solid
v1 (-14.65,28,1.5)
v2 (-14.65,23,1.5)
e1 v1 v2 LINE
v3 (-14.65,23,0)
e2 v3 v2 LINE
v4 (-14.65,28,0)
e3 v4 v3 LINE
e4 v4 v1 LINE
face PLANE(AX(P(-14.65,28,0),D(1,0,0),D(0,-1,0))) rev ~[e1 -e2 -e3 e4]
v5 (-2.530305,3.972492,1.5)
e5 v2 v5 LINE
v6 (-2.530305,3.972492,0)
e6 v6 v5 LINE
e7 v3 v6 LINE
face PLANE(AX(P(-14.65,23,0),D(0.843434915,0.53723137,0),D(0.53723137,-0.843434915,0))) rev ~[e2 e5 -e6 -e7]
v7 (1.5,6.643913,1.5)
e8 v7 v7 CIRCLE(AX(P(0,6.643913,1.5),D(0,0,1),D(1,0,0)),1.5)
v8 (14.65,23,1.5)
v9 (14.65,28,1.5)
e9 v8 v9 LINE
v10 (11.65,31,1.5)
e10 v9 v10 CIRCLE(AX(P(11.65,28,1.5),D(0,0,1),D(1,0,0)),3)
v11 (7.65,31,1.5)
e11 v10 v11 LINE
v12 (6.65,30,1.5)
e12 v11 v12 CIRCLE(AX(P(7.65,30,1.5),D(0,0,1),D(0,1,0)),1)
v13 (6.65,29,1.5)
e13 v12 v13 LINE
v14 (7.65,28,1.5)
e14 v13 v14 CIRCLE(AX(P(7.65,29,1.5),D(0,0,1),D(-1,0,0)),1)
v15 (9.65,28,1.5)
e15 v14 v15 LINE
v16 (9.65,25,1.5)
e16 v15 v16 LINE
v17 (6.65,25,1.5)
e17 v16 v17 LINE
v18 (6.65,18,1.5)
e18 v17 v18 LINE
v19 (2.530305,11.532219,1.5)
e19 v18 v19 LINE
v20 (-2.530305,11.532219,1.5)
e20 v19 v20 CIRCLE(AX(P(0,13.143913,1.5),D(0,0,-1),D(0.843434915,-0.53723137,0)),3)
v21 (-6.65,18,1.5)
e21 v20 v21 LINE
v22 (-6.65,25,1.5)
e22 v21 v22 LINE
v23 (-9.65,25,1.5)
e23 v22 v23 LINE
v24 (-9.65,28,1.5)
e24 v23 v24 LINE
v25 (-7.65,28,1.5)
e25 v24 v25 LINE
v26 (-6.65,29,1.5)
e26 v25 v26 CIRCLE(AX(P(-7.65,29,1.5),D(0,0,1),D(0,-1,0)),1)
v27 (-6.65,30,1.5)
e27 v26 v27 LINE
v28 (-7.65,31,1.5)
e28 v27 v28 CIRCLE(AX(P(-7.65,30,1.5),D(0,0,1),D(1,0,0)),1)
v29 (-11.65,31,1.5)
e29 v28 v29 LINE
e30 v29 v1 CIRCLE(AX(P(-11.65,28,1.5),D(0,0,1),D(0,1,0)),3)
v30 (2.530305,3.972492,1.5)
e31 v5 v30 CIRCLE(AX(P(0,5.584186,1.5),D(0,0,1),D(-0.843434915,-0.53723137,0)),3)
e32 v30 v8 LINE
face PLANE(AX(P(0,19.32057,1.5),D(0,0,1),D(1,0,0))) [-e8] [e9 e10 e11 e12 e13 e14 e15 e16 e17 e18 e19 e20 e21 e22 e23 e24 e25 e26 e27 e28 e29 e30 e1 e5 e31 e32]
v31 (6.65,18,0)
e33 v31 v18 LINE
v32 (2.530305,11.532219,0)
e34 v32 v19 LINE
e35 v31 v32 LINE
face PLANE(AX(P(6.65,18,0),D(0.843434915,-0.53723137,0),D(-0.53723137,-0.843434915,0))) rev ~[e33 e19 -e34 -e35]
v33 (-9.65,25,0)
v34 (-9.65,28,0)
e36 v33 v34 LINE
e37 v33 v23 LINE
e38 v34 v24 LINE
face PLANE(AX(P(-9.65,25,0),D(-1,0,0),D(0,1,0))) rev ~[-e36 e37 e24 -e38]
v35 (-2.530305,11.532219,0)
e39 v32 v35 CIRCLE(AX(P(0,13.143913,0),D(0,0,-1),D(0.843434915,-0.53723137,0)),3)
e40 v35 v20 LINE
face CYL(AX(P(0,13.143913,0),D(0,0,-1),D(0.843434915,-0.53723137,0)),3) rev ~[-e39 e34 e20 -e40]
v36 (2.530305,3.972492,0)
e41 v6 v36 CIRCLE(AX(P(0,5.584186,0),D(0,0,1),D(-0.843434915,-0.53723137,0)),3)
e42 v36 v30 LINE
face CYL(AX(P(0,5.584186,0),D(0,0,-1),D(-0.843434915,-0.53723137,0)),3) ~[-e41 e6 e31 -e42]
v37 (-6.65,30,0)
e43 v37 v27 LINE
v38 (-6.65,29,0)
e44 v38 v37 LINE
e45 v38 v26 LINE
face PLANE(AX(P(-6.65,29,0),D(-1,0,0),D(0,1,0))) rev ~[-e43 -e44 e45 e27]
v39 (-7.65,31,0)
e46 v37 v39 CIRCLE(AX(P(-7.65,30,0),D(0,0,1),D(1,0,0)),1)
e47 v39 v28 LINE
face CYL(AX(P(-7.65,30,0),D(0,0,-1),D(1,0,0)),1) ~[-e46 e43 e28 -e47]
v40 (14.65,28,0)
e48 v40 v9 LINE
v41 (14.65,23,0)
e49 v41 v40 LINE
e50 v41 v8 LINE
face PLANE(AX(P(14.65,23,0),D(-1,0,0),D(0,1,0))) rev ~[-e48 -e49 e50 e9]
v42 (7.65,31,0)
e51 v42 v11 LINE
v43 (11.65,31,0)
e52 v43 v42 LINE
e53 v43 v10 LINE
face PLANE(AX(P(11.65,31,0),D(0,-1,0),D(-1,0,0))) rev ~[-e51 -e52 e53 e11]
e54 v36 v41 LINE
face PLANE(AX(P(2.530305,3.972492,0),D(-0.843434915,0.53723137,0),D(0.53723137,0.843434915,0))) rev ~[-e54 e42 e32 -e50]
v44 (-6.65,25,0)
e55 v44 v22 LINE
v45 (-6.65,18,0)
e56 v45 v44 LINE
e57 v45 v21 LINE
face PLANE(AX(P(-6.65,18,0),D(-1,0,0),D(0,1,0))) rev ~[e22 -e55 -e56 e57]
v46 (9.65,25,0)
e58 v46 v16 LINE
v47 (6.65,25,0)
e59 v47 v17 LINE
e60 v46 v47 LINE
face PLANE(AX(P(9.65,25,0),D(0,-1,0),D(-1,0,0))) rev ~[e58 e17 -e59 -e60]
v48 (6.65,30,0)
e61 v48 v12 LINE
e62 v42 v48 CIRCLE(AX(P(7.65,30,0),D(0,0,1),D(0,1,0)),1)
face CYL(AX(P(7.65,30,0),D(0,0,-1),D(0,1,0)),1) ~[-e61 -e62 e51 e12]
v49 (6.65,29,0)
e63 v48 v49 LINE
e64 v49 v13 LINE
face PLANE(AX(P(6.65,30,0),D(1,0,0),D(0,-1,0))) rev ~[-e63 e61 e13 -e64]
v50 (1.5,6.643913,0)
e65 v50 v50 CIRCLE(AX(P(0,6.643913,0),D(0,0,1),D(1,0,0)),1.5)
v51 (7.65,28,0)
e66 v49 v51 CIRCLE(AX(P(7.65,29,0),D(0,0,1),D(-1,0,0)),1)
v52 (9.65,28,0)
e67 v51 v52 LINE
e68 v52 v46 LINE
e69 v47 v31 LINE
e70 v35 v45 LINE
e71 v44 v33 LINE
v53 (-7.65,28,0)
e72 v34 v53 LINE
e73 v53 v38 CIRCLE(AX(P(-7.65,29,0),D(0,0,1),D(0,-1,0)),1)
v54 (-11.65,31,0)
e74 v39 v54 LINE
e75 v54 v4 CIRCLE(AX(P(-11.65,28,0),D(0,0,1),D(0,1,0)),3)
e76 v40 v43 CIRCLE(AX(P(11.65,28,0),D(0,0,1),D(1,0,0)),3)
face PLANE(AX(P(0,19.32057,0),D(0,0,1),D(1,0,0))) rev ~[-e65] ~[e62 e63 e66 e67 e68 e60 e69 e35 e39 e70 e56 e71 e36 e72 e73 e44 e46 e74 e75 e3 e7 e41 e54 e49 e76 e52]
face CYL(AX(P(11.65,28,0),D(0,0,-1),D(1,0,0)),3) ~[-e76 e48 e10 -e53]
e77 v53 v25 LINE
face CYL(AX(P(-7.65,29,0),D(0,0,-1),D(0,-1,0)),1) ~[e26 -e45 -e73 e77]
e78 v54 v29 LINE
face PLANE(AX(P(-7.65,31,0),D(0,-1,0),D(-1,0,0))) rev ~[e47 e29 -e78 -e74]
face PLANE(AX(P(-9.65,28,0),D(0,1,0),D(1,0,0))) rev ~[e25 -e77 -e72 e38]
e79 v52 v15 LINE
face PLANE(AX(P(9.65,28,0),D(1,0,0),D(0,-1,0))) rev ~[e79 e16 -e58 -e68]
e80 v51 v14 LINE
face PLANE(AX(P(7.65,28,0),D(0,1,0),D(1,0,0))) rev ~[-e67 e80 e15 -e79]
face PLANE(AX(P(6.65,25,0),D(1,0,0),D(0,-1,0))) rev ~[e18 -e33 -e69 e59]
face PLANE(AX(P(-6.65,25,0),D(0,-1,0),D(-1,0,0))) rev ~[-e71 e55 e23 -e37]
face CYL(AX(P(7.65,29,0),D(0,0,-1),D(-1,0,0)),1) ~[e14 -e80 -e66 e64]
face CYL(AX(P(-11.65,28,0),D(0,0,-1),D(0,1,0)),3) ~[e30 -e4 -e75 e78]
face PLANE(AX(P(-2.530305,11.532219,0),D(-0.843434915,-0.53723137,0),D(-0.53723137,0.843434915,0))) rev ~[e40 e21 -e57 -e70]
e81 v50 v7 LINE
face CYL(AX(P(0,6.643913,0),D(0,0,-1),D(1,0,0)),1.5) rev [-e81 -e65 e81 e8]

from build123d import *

# Parameters (mm, degrees)
F1_R     = 1.5
F2_DEPTH = 1.5


with BuildPart() as f2:
    # F1 (on Top) → F2 (new body)
    with BuildSketch(Plane.XY):
        with BuildLine():
            Line((-14.65, 23), (-2.5303047444, 3.9724920901))
            ThreePointArc((-2.5303047444, 3.9724920901), (0, 2.584186199), (2.5303047444, 3.9724920901))
            Line((2.5303047444, 3.9724920901), (14.65, 23))
            Line((14.65, 23), (14.65, 28))
            ThreePointArc((14.65, 28), (13.7713203436, 30.1213203436), (11.65, 31))
            Line((11.65, 31), (7.65, 31))
            ThreePointArc((7.65, 31), (6.9428932188, 30.7071067812), (6.65, 30))
            Line((6.65, 30), (6.65, 29))
            ThreePointArc((6.65, 29), (6.9428932188, 28.2928932188), (7.65, 28))
            Line((7.65, 28), (9.65, 28))
            Line((9.65, 28), (9.65, 25))
            Line((9.65, 25), (6.65, 25))
            Line((6.65, 25), (6.65, 18))
            Line((6.65, 18), (2.5303047444, 11.5322190526))
            ThreePointArc((2.5303047444, 11.5322190526), (0, 10.1439131615), (-2.5303047444, 11.5322190526))
            Line((-2.5303047444, 11.5322190526), (-6.65, 18))
            Line((-6.65, 18), (-6.65, 25))
            Line((-6.65, 25), (-9.65, 25))
            Line((-9.65, 25), (-9.65, 28))
            Line((-9.65, 28), (-7.65, 28))
            ThreePointArc((-7.65, 28), (-6.9428932188, 28.2928932188), (-6.65, 29))
            Line((-6.65, 29), (-6.65, 30))
            ThreePointArc((-6.65, 30), (-6.9428932188, 30.7071067812), (-7.65, 31))
            Line((-7.65, 31), (-11.65, 31))
            ThreePointArc((-11.65, 31), (-13.7713203436, 30.1213203436), (-14.65, 28))
            Line((-14.65, 28), (-14.65, 23))
        make_face()
        with Locations((0, 6.6439131615)):
            Circle(F1_R, mode=Mode.SUBTRACT)
    extrude(amount=F2_DEPTH)


solid = f2.part
